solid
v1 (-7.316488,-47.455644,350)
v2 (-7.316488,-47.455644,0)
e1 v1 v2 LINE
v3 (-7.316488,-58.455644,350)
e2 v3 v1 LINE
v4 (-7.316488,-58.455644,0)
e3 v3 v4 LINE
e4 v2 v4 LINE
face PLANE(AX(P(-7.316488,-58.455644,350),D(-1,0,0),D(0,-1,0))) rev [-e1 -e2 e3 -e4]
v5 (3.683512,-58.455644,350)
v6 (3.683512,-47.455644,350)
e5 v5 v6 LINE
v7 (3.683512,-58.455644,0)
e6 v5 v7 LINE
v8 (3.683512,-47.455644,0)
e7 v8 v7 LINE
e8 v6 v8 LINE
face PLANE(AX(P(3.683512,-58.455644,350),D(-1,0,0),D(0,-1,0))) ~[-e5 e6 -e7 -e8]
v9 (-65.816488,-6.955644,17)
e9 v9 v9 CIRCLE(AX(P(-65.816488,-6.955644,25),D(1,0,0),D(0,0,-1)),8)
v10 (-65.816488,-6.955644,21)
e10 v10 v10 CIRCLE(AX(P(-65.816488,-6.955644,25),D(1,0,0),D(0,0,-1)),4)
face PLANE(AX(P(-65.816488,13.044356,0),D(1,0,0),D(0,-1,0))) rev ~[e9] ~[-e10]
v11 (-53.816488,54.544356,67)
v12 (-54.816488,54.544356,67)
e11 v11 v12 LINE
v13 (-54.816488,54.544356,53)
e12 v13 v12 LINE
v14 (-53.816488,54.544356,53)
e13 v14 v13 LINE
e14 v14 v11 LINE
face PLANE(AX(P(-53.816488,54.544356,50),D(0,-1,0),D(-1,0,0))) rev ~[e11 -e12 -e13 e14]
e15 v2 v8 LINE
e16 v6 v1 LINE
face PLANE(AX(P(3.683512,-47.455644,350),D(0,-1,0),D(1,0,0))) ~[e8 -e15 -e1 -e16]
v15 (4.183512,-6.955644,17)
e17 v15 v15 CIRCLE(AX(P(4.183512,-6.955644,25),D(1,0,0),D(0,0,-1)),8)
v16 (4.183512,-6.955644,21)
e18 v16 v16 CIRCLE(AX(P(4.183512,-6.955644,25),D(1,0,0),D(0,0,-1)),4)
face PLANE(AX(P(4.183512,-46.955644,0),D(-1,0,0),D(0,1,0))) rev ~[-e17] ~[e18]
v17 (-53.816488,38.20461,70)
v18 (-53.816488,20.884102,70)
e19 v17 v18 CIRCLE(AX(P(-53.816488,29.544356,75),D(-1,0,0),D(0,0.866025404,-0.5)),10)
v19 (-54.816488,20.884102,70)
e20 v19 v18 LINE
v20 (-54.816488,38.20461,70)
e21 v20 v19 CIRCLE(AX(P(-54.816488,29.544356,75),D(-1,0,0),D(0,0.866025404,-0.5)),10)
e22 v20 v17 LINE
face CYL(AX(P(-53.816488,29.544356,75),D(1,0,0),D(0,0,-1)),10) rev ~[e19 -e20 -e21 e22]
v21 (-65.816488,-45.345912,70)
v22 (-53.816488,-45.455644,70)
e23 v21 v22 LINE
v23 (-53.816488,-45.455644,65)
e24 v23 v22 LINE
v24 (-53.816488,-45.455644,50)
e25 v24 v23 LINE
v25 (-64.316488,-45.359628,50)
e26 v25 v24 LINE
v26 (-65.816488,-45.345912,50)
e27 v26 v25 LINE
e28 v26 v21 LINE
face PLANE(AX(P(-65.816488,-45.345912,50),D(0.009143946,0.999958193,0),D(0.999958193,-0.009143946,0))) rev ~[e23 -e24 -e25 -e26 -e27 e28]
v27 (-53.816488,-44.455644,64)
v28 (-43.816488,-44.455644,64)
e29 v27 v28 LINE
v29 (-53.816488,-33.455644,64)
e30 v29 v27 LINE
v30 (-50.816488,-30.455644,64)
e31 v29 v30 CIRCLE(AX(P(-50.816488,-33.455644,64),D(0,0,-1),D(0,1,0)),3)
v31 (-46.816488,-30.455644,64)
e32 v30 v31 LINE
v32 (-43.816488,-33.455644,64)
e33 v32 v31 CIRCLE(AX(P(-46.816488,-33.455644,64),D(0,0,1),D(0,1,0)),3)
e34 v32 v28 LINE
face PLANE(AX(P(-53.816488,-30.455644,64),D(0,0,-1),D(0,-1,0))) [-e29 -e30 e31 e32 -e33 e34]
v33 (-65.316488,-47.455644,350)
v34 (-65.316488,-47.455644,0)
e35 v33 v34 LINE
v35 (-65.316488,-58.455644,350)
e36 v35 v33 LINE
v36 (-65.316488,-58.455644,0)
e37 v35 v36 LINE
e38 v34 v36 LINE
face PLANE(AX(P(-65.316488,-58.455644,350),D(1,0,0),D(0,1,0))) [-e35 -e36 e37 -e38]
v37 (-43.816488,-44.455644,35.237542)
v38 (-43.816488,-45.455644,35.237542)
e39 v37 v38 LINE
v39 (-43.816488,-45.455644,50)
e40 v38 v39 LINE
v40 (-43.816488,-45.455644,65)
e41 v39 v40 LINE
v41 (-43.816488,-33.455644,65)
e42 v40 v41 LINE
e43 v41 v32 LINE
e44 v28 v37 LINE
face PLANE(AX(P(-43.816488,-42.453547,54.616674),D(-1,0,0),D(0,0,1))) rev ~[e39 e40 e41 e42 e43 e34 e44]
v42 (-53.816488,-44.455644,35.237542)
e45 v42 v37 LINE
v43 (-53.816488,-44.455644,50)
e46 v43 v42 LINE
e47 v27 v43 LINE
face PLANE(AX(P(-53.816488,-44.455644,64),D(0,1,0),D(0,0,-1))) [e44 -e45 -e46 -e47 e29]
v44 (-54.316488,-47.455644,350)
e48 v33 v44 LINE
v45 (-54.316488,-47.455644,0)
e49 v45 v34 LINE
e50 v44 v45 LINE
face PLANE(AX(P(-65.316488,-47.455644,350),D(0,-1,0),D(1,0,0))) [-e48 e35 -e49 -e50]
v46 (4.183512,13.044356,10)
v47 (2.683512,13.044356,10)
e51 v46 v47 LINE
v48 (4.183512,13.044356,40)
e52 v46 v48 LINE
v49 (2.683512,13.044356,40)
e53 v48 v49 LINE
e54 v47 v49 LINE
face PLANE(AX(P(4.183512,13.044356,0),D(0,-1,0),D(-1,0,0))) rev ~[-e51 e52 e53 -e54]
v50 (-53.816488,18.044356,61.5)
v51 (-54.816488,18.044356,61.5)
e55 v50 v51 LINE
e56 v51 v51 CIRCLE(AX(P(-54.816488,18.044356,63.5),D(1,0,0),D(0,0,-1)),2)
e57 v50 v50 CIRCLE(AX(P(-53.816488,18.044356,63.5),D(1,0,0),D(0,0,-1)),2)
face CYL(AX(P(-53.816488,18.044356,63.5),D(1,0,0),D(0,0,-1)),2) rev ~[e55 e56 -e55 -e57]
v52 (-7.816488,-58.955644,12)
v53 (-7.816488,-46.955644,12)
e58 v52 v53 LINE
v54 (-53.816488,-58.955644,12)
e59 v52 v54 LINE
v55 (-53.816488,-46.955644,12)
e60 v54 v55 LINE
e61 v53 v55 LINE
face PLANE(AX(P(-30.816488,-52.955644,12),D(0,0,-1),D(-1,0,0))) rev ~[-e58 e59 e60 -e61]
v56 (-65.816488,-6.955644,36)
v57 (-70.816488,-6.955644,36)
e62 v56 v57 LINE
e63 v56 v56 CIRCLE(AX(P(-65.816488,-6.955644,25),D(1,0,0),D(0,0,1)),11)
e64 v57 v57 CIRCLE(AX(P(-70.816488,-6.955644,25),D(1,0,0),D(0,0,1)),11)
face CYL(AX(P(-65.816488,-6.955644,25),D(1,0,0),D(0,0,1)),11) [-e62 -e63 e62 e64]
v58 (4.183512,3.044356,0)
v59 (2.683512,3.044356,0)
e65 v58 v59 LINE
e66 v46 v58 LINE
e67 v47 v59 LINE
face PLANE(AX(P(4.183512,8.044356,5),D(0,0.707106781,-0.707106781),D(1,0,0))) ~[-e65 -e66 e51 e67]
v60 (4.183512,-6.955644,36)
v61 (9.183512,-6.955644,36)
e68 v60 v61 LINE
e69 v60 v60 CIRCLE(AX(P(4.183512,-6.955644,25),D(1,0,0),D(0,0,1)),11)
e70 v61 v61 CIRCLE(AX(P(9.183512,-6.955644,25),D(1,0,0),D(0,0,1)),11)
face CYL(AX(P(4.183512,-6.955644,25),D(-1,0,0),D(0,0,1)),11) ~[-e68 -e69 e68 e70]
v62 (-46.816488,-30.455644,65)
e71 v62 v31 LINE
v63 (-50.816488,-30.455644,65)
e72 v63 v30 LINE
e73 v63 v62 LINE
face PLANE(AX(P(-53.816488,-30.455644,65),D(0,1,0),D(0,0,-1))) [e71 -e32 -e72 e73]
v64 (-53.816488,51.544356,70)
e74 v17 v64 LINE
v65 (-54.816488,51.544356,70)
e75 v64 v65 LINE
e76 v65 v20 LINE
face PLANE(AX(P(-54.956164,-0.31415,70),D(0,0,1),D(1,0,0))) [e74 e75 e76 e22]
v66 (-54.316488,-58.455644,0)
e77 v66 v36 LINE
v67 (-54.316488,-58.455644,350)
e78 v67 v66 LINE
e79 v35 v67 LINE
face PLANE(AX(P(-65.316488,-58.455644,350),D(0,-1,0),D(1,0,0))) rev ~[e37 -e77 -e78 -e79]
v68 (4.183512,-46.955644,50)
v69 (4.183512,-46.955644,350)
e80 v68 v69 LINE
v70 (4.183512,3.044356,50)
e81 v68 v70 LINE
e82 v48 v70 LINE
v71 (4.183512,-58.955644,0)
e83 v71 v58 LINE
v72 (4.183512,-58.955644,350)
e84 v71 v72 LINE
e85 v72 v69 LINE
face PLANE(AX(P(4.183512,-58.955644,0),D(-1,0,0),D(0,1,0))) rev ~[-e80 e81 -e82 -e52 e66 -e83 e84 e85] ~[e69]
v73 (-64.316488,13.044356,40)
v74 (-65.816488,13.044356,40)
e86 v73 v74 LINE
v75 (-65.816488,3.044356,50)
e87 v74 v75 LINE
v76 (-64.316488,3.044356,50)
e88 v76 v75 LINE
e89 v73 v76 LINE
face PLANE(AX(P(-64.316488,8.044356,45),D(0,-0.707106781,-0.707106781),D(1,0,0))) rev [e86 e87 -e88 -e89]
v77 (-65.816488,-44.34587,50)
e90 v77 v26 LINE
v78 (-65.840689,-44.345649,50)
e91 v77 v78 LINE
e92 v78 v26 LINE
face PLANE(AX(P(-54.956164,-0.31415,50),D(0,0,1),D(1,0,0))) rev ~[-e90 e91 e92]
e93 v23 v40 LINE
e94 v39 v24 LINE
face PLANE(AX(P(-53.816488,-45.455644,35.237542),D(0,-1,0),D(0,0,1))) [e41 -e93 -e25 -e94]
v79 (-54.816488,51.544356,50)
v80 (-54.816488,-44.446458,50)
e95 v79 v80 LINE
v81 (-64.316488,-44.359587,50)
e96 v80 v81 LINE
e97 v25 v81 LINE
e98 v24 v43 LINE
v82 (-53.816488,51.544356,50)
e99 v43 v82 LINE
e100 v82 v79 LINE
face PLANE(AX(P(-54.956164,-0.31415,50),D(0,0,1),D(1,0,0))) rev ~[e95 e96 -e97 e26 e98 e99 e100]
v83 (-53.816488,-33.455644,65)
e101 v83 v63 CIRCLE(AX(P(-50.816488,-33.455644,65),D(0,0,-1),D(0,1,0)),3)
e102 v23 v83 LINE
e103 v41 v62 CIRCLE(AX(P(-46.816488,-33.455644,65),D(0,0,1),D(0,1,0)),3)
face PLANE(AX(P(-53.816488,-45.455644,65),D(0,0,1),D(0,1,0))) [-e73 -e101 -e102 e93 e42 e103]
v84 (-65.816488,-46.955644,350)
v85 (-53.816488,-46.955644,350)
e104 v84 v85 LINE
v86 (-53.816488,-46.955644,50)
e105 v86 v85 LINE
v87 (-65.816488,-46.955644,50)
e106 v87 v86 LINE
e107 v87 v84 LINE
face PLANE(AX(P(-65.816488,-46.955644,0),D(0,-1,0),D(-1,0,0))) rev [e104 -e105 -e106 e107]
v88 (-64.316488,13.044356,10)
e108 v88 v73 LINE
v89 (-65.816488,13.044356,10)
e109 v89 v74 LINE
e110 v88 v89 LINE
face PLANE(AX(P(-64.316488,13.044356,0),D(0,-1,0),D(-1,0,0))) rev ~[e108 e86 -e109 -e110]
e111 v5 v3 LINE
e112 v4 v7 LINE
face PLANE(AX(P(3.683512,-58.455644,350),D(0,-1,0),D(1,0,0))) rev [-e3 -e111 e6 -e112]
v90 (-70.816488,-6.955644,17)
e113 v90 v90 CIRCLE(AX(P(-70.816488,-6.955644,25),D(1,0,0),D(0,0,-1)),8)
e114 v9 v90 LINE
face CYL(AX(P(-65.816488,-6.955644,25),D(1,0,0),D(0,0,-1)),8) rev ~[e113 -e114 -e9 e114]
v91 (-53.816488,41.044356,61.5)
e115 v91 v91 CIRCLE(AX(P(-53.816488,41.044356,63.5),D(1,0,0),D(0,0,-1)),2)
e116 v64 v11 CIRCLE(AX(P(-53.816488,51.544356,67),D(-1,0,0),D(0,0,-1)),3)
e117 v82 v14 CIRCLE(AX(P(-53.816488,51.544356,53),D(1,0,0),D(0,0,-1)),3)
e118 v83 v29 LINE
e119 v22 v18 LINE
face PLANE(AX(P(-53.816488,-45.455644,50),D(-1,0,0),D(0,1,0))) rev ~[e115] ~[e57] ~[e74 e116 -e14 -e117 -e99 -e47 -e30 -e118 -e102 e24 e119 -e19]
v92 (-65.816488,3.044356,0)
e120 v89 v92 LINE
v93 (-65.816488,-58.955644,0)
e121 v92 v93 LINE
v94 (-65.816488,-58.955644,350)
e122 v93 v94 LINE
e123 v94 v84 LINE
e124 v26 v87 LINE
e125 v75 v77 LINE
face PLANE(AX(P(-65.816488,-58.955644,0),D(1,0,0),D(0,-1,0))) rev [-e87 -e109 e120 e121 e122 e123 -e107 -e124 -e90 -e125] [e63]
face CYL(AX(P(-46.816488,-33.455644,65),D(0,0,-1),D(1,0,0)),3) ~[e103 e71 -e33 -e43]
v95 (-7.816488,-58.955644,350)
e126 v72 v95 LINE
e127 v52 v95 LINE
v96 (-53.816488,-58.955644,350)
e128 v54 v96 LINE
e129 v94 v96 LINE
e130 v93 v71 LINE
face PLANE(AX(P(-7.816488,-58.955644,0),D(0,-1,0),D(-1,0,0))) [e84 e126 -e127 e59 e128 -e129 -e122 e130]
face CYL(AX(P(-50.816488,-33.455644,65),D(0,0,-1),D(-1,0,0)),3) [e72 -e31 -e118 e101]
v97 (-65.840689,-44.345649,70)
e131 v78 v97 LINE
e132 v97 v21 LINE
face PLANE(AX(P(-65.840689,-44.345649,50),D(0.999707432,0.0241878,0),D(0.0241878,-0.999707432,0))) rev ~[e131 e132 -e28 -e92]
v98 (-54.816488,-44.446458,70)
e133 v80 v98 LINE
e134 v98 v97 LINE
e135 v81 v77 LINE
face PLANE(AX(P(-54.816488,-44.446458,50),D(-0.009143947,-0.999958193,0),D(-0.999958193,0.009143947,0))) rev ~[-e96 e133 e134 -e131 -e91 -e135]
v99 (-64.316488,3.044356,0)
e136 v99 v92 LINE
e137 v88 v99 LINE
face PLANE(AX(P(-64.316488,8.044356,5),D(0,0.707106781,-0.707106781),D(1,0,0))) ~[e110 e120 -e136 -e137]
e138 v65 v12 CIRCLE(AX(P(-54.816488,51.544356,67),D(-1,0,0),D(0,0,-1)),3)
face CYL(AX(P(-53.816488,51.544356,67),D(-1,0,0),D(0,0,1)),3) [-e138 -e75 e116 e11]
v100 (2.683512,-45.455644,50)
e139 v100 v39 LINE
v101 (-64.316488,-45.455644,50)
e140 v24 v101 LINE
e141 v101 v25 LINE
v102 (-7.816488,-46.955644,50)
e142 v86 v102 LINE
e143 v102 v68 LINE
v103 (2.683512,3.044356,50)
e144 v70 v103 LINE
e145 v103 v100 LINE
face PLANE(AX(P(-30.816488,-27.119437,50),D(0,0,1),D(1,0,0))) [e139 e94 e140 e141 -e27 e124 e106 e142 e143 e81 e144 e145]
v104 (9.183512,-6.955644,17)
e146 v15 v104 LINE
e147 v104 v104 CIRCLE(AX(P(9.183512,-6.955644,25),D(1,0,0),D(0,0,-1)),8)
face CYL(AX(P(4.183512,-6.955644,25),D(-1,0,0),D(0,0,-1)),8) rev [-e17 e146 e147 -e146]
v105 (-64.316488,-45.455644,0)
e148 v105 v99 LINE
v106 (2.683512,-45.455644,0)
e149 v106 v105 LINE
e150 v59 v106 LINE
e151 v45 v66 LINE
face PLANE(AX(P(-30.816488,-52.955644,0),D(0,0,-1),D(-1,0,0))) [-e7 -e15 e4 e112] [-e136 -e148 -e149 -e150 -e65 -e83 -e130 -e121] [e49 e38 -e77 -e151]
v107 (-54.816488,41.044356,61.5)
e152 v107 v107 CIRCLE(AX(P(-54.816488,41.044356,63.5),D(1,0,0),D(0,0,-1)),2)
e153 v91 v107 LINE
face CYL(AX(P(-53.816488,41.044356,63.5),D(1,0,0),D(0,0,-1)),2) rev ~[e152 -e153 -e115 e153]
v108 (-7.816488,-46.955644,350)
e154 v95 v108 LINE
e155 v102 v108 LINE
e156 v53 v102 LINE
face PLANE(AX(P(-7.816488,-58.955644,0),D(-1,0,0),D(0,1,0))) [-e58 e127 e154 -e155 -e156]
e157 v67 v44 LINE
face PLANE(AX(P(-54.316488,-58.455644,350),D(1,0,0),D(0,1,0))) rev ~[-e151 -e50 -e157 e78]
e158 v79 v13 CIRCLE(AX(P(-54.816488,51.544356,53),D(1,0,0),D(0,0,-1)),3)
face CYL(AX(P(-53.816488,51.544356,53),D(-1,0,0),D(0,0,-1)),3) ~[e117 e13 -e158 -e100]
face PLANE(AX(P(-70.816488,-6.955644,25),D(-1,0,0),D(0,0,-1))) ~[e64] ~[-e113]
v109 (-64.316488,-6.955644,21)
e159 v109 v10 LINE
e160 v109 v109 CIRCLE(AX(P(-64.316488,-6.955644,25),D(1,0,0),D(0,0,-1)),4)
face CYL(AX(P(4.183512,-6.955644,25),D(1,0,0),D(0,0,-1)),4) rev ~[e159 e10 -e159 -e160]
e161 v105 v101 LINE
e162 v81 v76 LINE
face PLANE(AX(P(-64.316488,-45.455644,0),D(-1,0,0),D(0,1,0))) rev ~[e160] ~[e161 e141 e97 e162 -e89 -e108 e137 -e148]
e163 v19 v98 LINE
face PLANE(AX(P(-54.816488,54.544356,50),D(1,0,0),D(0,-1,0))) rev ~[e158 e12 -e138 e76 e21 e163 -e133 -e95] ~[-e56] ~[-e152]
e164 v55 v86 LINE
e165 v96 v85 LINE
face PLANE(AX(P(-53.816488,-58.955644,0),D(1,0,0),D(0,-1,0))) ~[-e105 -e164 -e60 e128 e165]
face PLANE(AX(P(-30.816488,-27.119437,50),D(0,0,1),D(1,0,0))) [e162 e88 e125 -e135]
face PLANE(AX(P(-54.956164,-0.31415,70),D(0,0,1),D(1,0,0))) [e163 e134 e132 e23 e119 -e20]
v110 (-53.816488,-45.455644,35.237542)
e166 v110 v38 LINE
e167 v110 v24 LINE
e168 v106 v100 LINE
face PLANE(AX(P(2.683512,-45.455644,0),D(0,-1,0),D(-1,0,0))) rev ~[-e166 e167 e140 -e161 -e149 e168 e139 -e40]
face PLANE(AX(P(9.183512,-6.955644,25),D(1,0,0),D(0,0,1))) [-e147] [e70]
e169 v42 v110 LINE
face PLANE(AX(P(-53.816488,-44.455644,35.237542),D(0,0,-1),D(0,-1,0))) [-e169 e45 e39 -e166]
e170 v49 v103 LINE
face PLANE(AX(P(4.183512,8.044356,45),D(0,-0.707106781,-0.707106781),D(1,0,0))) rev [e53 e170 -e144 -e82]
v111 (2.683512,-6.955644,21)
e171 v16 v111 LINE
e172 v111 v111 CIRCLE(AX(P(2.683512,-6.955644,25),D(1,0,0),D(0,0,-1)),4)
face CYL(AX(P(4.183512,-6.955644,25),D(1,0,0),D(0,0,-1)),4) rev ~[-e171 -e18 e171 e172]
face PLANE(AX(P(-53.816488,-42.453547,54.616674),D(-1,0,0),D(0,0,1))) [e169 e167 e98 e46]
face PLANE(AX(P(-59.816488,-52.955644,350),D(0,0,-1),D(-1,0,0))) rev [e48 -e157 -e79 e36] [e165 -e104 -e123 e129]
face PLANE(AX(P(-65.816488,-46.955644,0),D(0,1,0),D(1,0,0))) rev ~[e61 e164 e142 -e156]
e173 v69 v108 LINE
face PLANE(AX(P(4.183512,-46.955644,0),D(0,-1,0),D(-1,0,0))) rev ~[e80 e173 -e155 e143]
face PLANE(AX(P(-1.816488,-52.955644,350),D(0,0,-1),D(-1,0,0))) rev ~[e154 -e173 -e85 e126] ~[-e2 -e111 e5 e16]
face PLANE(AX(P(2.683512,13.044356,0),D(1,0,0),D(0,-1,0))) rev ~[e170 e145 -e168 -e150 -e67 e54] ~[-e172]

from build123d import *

# Parameters (mm, degrees)
BOSS_EXTRUDE1_DEPTH = 50
CHAMFER1_SIZE       = 10
SKETCH2_R           = 4
CUT_EXTRUDE1_DEPTH  = 80
SKETCH3_R           = 11
SKETCH3_R_2         = 8
BOSS_EXTRUDE2_DEPTH = 5
SKETCH4_W           = 12
SKETCH4_H           = 12
BOSS_EXTRUDE3_DEPTH = 350
SKETCH5_W           = 46
SKETCH5_H           = 12
BOSS_EXTRUDE4_DEPTH = 12
SKETCH9_W           = 11
SKETCH9_H           = 11
CUT_EXTRUDE3_DEPTH  = 380
BOSS_EXTRUDE5_DEPTH = 10
FILLET1_R           = 3
BOSS_EXTRUDE6_DEPTH = 20
FILLET2_R           = 3
SKETCH12_R          = 10
SKETCH12_R_2        = 2
CUT_EXTRUDE5_DEPTH  = 10


with BuildPart() as part:
    # Sketch1 → Boss-Extrude1 (new body)
    with BuildSketch(Plane.XY):
        Polygon((-65.816488176, 13.044356197), (-65.816488176, -46.955643803), (4.183511824, -46.955643803), (4.183511824, 13.044356197), (2.683511824, 13.044356197), (2.683511824, -45.455643803), (-64.316488176, -45.455643803), (-64.316488176, 13.044356197), align=None)
    extrude(amount=BOSS_EXTRUDE1_DEPTH)

    # Chamfer1
    chamfer1_edges = [part.edges().sort_by_distance(p)[0] for p in [
        (-65.066488176, 13.044356197, 0),
        (3.433511824, 13.044356197, 50),
        (-65.066488176, 13.044356197, 50),
        (3.433511824, 13.044356197, 0),
    ]]
    chamfer(chamfer1_edges, length=CHAMFER1_SIZE)

    # Sketch2 → Cut-Extrude1 (cut)
    with BuildSketch(Plane(origin=(4.183511824, 0, 0), x_dir=(0, 0, -1), z_dir=(1, 0, 0))):
        with Locations((-25, -6.955643803)):
            Circle(SKETCH2_R)
    extrude(amount=-CUT_EXTRUDE1_DEPTH, mode=Mode.SUBTRACT)

    # Sketch3 → Boss-Extrude2 (add)
    with BuildSketch(Plane(origin=(4.183511824, 0, 0), x_dir=(0, 0, -1), z_dir=(1, 0, 0))):
        with Locations(Location((-25, -6.955643803, 0), (0, 0, 180))):
            Circle(SKETCH3_R)
        with Locations((-25, -6.955643803)):
            Circle(SKETCH3_R_2, mode=Mode.SUBTRACT)
    boss_extrude2 = extrude(amount=BOSS_EXTRUDE2_DEPTH)

    # Mirror1: Boss-Extrude2 across plane
    add(boss_extrude2.mirror(Plane.ZY.offset(30.816488176)))

    # Sketch4 → Boss-Extrude3 (add)
    with BuildSketch(Plane(origin=(0, 0, 0), x_dir=(-1, 0, 0), z_dir=(0, 0, -1))):
        with Locations((1.816488176, -52.955643803)):
            Rectangle(SKETCH4_W, SKETCH4_H)
    boss_extrude3 = extrude(amount=-BOSS_EXTRUDE3_DEPTH)

    # Mirror2: Boss-Extrude3 across plane
    add(boss_extrude3.mirror(Plane.ZY.offset(30.816488176)))

    # Sketch5 → Boss-Extrude4 (add)
    with BuildSketch(Plane(origin=(0, 0, 0), x_dir=(-1, 0, 0), z_dir=(0, 0, -1))):
        with Locations((30.816488176, -52.955643803)):
            Rectangle(SKETCH5_W, SKETCH5_H)
    extrude(amount=-BOSS_EXTRUDE4_DEPTH)

    # Sketch9 → Cut-Extrude3 (cut)
    with BuildSketch(Plane.XY.offset(350)):
        with Locations((-59.816488176, -52.955643803)):
            Rectangle(SKETCH9_W, SKETCH9_H)
    cut_extrude3 = extrude(amount=-CUT_EXTRUDE3_DEPTH, mode=Mode.SUBTRACT)

    # Mirror3: Cut-Extrude3 across plane
    add(cut_extrude3.mirror(Plane.ZY.offset(30.816488176)), mode=Mode.SUBTRACT)

    # Sketch10 → Boss-Extrude5 (add)
    with BuildSketch(Plane(origin=(-53.816488176, 0, 0), x_dir=(0, 0, -1), z_dir=(1, 0, 0))):
        Polygon((-35.237542048, -45.455643803), (-65, -45.455643803), (-65, -30.455643803), (-64, -30.455643803), (-64, -44.455643803), (-35.237542048, -44.455643803), align=None)
    extrude(amount=BOSS_EXTRUDE5_DEPTH)

    # Fillet1
    fillet1_edges = [part.edges().sort_by_distance(p)[0] for p in [
        (-53.816488176, -30.455643803, 64.5),
        (-43.816488176, -30.455643803, 64.5),
    ]]
    fillet(fillet1_edges, radius=FILLET1_R)

    # Sketch11 → Boss-Extrude6 (add)
    with BuildSketch(Plane.XY.offset(50)):
        Polygon((-65.816488176, -45.345911858), (-53.816488176, -45.455643803), (-53.816488176, 54.544356197), (-54.816488176, 54.544356197), (-54.816488176, -44.446457666), (-65.840689421, -44.345648745), align=None)
    extrude(amount=BOSS_EXTRUDE6_DEPTH)

    # Fillet2
    fillet2_edges = [part.edges().sort_by_distance(p)[0] for p in [
        (-54.316488176, 54.544356197, 50),
        (-54.316488176, 54.544356197, 70),
    ]]
    fillet(fillet2_edges, radius=FILLET2_R)

    # Sketch12 → Cut-Extrude5 (cut)
    with BuildSketch(Plane(origin=(-53.816488176, 0, 0), x_dir=(0, 0, -1), z_dir=(1, 0, 0))):
        with Locations((-75, 29.544356197)):
            Circle(SKETCH12_R)
        with Locations((-63.5, 41.044356197)):
            Circle(SKETCH12_R_2)
        with Locations((-63.5, 18.044356197)):
            Circle(SKETCH12_R_2)
    extrude(amount=-CUT_EXTRUDE5_DEPTH, mode=Mode.SUBTRACT)


solid = part.part
